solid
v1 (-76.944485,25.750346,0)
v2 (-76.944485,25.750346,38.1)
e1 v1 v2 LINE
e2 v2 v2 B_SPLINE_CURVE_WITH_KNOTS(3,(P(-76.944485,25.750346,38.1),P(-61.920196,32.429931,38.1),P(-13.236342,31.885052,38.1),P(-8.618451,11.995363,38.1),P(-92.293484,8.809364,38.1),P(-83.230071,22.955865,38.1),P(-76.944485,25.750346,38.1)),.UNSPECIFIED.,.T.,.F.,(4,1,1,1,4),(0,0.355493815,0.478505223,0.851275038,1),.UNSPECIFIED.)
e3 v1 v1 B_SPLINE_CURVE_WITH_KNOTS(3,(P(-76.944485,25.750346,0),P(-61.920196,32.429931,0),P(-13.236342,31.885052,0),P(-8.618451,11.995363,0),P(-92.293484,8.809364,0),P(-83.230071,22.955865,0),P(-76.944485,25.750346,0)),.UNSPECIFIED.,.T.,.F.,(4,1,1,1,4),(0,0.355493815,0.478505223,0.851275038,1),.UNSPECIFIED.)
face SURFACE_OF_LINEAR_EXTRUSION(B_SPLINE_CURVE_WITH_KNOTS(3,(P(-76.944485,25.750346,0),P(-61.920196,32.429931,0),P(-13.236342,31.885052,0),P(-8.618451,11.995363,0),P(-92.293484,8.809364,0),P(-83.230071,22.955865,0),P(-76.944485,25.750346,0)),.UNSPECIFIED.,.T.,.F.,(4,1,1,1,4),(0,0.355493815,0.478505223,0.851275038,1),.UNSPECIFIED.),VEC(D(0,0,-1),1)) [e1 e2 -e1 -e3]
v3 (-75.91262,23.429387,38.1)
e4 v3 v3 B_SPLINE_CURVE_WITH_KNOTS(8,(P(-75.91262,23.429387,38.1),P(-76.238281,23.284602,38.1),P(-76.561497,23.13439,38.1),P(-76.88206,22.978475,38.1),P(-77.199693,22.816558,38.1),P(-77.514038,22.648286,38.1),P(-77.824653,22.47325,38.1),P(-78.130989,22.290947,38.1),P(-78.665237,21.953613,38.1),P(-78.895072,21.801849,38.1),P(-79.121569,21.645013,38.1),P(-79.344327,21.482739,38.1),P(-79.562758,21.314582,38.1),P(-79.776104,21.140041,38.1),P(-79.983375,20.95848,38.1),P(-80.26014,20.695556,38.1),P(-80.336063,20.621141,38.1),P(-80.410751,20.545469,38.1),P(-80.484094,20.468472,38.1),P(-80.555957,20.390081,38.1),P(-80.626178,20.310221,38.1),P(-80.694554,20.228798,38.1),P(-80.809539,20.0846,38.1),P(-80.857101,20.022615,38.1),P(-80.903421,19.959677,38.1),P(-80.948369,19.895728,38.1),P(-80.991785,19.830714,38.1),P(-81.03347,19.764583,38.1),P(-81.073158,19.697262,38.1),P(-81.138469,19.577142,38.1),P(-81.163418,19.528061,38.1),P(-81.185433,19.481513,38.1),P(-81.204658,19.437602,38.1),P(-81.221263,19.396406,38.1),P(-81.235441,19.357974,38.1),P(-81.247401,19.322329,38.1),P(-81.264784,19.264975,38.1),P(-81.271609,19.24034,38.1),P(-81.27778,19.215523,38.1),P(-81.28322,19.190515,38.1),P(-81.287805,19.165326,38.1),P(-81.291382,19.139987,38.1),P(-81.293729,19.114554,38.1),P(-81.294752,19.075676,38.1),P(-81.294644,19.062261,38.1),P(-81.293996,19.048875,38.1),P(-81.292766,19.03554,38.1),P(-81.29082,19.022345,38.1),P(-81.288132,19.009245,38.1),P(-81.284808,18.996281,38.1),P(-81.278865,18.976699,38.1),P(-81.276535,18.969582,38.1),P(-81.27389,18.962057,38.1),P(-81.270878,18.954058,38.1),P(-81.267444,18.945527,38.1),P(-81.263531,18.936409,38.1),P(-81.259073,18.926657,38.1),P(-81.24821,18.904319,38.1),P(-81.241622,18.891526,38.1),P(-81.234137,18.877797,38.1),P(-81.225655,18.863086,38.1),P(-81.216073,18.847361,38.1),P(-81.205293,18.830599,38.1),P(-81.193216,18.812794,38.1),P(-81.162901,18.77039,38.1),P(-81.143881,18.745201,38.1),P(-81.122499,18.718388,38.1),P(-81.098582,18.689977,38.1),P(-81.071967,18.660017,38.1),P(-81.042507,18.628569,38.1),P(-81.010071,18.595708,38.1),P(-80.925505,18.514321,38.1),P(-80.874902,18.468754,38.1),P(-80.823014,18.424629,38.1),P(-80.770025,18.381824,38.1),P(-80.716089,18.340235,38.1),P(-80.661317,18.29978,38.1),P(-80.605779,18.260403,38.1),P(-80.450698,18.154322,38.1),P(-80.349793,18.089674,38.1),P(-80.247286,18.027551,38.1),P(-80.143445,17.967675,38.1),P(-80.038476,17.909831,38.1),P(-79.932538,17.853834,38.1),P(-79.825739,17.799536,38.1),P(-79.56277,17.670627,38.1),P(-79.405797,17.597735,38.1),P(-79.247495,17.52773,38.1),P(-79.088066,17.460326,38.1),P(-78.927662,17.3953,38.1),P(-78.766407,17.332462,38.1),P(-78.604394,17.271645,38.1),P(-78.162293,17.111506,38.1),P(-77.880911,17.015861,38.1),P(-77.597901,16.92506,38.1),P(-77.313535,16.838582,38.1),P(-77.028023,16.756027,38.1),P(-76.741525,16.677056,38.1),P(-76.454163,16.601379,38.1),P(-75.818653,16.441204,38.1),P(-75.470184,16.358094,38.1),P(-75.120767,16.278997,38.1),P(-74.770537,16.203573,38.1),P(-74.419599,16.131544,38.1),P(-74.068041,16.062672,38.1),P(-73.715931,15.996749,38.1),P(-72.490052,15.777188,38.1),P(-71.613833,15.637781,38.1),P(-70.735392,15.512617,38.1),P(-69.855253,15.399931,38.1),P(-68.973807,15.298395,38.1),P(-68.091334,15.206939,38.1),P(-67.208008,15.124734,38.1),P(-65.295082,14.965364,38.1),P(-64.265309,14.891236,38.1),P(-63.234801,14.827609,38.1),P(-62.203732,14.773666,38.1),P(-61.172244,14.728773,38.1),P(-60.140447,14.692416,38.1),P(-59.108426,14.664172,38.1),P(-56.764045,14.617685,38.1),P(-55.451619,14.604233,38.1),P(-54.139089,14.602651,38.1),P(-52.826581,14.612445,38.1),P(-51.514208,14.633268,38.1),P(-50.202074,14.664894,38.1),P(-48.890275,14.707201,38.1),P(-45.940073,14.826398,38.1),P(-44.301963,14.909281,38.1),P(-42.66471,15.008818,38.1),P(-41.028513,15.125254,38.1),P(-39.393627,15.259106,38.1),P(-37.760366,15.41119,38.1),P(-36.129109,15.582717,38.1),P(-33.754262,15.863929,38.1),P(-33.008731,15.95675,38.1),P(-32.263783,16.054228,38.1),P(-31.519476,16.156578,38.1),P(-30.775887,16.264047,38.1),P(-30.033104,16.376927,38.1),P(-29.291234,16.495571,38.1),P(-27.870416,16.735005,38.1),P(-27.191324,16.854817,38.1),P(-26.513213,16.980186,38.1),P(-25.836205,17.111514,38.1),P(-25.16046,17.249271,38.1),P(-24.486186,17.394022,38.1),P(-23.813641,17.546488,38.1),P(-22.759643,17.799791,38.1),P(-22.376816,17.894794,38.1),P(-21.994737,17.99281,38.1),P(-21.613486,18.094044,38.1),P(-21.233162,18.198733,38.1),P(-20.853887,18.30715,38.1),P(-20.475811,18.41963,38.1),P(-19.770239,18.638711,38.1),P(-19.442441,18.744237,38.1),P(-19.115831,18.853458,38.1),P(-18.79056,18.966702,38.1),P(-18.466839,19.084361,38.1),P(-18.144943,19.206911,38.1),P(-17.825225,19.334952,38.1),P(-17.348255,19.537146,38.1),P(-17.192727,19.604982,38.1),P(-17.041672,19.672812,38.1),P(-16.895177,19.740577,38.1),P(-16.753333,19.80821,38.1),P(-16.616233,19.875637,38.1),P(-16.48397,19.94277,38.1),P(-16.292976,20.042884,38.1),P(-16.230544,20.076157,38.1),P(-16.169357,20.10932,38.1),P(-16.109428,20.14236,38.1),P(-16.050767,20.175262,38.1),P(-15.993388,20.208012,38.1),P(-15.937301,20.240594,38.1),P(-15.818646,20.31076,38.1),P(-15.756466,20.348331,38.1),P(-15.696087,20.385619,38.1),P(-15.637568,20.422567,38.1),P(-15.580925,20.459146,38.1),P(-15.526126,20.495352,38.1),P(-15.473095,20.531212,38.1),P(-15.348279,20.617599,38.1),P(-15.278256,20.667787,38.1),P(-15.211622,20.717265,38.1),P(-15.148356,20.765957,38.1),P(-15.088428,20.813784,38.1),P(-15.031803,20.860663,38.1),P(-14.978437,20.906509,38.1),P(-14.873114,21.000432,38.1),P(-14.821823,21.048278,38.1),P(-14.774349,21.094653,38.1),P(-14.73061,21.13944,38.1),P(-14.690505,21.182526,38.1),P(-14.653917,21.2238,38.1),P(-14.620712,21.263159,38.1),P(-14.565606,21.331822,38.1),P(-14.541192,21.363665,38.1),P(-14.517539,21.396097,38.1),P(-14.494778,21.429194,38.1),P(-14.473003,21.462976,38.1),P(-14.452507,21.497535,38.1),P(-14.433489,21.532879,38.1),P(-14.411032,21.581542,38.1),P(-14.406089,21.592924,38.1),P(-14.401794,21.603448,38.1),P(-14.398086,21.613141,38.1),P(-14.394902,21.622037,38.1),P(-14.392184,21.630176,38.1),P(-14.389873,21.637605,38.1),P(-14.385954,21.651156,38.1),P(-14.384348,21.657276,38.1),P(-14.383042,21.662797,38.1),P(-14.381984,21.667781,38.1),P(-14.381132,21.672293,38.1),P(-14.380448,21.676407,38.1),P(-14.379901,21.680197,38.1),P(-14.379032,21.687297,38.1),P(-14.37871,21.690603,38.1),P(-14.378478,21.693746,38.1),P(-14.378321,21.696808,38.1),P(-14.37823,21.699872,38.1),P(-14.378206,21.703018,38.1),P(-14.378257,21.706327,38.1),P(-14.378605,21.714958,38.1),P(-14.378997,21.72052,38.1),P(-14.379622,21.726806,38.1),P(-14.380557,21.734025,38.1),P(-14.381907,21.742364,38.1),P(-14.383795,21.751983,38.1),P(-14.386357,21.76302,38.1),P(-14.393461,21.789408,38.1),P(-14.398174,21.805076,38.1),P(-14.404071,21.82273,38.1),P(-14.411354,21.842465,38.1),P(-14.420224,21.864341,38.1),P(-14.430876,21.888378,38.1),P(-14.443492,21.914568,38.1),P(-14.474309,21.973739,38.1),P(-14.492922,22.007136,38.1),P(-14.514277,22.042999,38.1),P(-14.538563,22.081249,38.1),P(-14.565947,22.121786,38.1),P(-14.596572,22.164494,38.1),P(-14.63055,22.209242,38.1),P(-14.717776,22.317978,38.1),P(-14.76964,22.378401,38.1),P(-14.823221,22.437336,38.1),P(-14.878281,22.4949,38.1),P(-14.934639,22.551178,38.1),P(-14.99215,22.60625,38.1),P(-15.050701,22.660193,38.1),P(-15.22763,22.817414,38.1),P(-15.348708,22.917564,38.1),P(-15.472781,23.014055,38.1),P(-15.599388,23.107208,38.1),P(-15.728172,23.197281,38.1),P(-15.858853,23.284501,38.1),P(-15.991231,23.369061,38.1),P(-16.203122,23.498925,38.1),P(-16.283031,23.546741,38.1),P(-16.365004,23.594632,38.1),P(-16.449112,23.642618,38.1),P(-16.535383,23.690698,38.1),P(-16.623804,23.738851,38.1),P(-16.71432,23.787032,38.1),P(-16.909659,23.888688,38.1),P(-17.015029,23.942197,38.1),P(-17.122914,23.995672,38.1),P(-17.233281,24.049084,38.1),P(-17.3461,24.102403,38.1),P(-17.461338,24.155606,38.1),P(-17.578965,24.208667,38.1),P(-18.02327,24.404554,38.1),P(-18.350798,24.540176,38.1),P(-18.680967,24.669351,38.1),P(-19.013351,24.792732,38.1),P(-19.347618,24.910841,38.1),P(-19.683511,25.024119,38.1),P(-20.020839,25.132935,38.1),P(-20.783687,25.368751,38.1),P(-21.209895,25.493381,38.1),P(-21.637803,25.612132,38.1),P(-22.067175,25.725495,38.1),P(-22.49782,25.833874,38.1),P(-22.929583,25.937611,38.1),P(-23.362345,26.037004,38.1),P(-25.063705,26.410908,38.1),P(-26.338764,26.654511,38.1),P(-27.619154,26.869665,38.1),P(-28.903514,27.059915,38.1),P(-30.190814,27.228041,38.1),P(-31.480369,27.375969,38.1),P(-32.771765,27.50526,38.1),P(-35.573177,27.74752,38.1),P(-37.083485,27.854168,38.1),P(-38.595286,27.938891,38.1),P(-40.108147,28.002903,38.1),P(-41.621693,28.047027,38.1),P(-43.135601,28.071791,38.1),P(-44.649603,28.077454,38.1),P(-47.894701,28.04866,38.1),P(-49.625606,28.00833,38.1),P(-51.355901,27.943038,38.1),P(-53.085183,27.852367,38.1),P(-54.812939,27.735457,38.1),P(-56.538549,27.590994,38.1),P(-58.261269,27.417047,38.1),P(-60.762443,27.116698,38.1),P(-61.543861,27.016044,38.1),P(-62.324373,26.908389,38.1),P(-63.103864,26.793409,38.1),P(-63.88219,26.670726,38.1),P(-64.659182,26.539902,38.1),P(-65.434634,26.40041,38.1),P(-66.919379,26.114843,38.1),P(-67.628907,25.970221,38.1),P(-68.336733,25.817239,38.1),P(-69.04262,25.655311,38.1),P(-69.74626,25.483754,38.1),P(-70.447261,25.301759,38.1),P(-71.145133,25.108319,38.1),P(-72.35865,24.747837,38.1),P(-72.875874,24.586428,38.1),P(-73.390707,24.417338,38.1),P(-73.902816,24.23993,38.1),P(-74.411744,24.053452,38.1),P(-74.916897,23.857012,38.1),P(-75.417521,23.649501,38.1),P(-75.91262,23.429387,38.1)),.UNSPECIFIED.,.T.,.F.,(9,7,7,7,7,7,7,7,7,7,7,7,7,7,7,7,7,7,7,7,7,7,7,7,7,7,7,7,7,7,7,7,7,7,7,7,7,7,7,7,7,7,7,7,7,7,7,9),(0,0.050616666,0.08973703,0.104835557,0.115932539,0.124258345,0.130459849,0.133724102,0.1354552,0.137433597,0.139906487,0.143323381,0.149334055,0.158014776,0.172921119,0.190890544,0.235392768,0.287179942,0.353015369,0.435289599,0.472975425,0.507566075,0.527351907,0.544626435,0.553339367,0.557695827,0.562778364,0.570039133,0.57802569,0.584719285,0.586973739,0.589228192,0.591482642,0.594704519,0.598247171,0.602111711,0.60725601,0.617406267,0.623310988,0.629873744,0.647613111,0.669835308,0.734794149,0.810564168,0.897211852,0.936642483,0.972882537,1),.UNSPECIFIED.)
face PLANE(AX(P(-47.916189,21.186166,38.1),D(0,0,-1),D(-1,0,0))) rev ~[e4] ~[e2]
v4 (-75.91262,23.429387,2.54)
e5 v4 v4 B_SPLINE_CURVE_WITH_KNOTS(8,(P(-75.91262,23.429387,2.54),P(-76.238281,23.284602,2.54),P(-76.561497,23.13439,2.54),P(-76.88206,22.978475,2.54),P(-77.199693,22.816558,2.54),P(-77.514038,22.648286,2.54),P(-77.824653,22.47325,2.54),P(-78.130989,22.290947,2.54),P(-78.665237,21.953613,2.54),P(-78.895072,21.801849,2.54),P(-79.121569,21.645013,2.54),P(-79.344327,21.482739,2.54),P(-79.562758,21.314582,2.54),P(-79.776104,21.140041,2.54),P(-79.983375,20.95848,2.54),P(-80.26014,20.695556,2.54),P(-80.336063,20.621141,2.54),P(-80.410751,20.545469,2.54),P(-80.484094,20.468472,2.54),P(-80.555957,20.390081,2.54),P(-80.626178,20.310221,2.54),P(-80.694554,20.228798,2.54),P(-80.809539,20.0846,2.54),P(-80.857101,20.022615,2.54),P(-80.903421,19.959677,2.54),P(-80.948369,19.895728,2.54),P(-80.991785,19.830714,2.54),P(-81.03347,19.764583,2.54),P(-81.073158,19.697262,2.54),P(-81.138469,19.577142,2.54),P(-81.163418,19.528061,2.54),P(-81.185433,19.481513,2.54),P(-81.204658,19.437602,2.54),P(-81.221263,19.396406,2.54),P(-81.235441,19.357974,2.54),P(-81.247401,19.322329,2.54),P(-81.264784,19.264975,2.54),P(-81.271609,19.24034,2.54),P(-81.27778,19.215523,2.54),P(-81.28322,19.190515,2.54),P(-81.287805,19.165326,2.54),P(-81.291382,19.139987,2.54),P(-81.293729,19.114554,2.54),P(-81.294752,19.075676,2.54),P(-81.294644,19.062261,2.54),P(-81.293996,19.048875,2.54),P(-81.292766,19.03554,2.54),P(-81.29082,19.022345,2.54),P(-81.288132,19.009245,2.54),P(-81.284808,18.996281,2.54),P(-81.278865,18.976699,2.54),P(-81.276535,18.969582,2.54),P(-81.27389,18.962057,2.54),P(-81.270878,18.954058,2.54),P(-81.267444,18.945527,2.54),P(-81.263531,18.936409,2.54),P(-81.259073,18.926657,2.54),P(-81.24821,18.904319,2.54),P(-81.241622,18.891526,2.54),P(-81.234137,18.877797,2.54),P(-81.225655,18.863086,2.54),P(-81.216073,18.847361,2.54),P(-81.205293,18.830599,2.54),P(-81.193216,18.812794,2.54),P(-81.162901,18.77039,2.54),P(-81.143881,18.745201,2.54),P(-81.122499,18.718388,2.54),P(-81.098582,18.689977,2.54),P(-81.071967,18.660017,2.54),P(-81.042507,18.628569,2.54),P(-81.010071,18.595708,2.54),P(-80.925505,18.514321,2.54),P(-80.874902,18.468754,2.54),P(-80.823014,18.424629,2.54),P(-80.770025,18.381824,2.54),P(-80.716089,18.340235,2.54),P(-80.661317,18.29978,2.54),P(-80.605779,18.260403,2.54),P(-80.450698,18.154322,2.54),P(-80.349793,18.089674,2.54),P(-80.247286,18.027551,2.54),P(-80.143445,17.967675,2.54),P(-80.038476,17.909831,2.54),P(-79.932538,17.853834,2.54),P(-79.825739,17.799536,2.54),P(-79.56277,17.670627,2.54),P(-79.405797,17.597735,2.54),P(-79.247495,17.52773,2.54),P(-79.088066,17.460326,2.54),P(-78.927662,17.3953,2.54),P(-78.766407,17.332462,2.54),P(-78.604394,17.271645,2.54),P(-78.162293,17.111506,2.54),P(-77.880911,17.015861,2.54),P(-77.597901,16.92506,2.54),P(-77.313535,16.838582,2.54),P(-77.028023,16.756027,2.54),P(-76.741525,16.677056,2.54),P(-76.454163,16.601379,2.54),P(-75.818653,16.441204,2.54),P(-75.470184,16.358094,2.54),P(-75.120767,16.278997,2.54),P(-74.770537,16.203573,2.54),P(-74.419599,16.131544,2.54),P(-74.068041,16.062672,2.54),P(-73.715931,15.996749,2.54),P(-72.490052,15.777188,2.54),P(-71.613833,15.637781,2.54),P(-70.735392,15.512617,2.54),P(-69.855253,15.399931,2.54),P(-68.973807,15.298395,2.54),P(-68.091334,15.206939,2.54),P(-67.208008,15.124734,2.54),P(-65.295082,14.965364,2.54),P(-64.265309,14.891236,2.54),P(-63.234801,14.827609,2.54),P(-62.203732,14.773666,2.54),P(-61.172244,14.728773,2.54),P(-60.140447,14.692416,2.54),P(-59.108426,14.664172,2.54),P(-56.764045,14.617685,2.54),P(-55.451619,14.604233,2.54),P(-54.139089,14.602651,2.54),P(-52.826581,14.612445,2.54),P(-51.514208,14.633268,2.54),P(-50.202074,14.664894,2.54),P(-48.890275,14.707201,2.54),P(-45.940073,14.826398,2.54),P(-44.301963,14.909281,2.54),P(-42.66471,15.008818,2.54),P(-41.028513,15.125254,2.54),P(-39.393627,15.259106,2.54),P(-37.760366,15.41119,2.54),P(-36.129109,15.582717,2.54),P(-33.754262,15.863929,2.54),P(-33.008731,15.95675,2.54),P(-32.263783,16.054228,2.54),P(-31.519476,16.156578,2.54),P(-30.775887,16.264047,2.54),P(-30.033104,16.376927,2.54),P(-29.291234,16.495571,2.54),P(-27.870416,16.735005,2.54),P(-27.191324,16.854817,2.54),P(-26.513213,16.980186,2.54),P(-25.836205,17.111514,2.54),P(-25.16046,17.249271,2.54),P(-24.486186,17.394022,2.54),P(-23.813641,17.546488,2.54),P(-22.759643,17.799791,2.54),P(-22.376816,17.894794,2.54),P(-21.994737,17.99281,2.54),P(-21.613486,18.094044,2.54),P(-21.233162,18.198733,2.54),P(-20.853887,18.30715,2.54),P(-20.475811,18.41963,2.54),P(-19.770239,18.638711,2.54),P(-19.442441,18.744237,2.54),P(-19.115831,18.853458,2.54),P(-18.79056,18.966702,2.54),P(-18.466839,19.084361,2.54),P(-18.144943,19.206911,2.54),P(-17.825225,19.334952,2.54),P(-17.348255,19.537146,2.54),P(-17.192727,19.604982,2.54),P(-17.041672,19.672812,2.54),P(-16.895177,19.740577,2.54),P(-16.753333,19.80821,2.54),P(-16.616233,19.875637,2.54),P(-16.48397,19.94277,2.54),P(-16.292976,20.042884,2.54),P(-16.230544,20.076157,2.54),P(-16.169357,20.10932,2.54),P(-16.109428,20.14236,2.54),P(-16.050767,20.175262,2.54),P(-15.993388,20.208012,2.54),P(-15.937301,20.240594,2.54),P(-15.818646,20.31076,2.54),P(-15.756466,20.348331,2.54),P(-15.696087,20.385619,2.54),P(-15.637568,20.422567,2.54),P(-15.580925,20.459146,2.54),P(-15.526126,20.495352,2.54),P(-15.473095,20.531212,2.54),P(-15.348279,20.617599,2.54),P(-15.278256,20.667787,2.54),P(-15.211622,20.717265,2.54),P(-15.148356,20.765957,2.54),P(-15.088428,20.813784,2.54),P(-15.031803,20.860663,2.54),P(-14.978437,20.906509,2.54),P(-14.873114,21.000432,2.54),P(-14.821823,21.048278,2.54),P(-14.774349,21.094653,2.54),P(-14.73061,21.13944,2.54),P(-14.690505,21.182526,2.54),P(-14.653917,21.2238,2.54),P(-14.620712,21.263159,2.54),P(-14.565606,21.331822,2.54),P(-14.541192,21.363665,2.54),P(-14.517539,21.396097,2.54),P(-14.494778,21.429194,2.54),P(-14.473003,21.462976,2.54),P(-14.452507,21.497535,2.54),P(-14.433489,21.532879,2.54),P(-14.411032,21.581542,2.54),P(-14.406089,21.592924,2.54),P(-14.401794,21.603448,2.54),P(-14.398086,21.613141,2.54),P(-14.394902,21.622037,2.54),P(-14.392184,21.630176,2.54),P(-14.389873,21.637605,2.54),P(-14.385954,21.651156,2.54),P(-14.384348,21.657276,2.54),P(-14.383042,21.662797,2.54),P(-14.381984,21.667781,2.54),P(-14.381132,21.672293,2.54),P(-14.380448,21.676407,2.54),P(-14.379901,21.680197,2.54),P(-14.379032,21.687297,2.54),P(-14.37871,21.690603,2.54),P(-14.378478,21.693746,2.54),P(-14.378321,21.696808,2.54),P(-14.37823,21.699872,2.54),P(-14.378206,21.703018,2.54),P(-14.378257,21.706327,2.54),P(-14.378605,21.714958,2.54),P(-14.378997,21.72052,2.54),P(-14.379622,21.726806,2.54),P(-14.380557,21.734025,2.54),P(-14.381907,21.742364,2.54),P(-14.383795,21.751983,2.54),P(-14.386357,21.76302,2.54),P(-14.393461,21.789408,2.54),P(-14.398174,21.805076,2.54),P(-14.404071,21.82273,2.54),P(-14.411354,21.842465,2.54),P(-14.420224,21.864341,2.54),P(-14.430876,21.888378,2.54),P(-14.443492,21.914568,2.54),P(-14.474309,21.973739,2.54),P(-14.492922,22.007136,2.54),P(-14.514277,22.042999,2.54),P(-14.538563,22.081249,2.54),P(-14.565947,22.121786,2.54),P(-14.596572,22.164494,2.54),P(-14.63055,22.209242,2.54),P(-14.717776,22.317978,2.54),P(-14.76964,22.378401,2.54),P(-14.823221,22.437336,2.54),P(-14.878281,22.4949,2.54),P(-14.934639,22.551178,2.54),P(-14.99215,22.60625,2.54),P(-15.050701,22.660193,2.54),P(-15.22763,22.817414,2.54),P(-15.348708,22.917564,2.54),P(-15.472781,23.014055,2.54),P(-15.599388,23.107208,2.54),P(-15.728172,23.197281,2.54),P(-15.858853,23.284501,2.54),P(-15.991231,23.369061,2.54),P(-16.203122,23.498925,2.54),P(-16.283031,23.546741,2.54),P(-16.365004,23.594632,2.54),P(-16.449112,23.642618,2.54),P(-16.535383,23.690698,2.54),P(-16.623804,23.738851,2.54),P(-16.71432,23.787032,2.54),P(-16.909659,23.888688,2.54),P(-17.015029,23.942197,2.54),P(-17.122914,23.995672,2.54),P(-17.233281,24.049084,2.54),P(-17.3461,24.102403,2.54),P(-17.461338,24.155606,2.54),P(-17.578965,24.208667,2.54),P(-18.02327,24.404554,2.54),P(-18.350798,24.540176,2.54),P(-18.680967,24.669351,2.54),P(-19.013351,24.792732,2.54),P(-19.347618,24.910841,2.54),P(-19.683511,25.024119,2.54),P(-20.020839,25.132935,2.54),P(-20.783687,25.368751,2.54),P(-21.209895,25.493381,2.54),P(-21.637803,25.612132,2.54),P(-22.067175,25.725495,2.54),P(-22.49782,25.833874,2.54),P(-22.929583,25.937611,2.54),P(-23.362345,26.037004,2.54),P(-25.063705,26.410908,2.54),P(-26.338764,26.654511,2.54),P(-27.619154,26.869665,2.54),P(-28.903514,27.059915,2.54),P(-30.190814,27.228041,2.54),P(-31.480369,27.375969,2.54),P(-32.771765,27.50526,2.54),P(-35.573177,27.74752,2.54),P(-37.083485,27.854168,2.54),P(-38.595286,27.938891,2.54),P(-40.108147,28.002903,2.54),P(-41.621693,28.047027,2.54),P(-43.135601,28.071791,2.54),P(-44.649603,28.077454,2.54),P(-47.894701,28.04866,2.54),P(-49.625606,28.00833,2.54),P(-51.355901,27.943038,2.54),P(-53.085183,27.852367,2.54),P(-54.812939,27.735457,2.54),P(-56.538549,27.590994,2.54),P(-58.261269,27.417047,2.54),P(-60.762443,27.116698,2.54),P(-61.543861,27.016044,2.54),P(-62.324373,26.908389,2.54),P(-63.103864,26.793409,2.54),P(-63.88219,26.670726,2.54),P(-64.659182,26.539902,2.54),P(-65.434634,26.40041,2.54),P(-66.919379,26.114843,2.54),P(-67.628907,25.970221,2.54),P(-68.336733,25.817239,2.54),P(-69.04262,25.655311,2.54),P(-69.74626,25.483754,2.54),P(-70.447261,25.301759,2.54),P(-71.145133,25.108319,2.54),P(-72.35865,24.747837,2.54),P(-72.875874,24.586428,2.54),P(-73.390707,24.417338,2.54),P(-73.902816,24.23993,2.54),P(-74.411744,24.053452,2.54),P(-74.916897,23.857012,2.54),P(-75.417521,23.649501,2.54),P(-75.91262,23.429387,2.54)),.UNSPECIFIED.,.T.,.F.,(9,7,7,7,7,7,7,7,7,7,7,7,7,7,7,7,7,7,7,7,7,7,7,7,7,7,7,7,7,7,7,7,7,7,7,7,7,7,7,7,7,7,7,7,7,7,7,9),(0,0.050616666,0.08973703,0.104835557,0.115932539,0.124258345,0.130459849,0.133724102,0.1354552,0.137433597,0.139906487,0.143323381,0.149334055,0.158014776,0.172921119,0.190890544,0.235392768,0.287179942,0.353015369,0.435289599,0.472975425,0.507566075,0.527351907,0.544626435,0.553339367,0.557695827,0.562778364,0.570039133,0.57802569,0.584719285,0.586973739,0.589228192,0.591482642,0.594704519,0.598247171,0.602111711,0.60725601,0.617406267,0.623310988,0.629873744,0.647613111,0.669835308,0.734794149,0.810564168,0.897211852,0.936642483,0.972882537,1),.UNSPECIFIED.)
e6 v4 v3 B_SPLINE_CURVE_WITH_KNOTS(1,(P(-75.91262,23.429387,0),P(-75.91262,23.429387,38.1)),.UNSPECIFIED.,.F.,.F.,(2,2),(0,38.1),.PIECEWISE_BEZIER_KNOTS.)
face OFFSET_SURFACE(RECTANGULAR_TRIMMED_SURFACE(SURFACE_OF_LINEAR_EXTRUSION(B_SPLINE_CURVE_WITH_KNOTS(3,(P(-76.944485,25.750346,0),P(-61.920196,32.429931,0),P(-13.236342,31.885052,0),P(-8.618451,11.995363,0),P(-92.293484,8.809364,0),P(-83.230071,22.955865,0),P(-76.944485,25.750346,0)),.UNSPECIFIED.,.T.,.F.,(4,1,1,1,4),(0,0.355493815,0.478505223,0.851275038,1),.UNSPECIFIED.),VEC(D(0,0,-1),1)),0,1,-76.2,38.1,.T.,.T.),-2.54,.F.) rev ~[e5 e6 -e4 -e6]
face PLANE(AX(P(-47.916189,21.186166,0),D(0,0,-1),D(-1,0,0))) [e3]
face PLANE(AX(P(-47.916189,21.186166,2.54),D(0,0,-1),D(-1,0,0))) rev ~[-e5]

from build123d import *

# Parameters (mm, degrees)
F1_DEPTH = 38.1
F2_T     = -2.54


with BuildPart() as f1:
    # F0 (on Top) → F1 (new body)
    with BuildSketch(Plane.XY):
        with BuildLine():
            add(Edge.make_bspline(
                [(-76.9444853067, 25.7503464818), (-61.9201962981, 32.4299310774), (-13.2363420096, 31.8850522919), (-8.6184507643, 11.995363129), (-92.2934839909, 8.8093636472), (-83.2300709135, 22.9558647749), (-76.9444853067, 25.7503464818)],
                knots=[0, 0, 0, 0, 0.3554938146, 0.4785052231, 0.8512750385, 1, 1, 1, 1], degree=3))
        make_face()
    extrude(amount=F1_DEPTH)

    # F2
    f2_openings = [f1.faces().sort_by_distance(p)[0] for p in [
        (-48.127118, 21.196448, 38.1),
    ]]
    offset(amount=F2_T, openings=f2_openings)


solid = f1.part
